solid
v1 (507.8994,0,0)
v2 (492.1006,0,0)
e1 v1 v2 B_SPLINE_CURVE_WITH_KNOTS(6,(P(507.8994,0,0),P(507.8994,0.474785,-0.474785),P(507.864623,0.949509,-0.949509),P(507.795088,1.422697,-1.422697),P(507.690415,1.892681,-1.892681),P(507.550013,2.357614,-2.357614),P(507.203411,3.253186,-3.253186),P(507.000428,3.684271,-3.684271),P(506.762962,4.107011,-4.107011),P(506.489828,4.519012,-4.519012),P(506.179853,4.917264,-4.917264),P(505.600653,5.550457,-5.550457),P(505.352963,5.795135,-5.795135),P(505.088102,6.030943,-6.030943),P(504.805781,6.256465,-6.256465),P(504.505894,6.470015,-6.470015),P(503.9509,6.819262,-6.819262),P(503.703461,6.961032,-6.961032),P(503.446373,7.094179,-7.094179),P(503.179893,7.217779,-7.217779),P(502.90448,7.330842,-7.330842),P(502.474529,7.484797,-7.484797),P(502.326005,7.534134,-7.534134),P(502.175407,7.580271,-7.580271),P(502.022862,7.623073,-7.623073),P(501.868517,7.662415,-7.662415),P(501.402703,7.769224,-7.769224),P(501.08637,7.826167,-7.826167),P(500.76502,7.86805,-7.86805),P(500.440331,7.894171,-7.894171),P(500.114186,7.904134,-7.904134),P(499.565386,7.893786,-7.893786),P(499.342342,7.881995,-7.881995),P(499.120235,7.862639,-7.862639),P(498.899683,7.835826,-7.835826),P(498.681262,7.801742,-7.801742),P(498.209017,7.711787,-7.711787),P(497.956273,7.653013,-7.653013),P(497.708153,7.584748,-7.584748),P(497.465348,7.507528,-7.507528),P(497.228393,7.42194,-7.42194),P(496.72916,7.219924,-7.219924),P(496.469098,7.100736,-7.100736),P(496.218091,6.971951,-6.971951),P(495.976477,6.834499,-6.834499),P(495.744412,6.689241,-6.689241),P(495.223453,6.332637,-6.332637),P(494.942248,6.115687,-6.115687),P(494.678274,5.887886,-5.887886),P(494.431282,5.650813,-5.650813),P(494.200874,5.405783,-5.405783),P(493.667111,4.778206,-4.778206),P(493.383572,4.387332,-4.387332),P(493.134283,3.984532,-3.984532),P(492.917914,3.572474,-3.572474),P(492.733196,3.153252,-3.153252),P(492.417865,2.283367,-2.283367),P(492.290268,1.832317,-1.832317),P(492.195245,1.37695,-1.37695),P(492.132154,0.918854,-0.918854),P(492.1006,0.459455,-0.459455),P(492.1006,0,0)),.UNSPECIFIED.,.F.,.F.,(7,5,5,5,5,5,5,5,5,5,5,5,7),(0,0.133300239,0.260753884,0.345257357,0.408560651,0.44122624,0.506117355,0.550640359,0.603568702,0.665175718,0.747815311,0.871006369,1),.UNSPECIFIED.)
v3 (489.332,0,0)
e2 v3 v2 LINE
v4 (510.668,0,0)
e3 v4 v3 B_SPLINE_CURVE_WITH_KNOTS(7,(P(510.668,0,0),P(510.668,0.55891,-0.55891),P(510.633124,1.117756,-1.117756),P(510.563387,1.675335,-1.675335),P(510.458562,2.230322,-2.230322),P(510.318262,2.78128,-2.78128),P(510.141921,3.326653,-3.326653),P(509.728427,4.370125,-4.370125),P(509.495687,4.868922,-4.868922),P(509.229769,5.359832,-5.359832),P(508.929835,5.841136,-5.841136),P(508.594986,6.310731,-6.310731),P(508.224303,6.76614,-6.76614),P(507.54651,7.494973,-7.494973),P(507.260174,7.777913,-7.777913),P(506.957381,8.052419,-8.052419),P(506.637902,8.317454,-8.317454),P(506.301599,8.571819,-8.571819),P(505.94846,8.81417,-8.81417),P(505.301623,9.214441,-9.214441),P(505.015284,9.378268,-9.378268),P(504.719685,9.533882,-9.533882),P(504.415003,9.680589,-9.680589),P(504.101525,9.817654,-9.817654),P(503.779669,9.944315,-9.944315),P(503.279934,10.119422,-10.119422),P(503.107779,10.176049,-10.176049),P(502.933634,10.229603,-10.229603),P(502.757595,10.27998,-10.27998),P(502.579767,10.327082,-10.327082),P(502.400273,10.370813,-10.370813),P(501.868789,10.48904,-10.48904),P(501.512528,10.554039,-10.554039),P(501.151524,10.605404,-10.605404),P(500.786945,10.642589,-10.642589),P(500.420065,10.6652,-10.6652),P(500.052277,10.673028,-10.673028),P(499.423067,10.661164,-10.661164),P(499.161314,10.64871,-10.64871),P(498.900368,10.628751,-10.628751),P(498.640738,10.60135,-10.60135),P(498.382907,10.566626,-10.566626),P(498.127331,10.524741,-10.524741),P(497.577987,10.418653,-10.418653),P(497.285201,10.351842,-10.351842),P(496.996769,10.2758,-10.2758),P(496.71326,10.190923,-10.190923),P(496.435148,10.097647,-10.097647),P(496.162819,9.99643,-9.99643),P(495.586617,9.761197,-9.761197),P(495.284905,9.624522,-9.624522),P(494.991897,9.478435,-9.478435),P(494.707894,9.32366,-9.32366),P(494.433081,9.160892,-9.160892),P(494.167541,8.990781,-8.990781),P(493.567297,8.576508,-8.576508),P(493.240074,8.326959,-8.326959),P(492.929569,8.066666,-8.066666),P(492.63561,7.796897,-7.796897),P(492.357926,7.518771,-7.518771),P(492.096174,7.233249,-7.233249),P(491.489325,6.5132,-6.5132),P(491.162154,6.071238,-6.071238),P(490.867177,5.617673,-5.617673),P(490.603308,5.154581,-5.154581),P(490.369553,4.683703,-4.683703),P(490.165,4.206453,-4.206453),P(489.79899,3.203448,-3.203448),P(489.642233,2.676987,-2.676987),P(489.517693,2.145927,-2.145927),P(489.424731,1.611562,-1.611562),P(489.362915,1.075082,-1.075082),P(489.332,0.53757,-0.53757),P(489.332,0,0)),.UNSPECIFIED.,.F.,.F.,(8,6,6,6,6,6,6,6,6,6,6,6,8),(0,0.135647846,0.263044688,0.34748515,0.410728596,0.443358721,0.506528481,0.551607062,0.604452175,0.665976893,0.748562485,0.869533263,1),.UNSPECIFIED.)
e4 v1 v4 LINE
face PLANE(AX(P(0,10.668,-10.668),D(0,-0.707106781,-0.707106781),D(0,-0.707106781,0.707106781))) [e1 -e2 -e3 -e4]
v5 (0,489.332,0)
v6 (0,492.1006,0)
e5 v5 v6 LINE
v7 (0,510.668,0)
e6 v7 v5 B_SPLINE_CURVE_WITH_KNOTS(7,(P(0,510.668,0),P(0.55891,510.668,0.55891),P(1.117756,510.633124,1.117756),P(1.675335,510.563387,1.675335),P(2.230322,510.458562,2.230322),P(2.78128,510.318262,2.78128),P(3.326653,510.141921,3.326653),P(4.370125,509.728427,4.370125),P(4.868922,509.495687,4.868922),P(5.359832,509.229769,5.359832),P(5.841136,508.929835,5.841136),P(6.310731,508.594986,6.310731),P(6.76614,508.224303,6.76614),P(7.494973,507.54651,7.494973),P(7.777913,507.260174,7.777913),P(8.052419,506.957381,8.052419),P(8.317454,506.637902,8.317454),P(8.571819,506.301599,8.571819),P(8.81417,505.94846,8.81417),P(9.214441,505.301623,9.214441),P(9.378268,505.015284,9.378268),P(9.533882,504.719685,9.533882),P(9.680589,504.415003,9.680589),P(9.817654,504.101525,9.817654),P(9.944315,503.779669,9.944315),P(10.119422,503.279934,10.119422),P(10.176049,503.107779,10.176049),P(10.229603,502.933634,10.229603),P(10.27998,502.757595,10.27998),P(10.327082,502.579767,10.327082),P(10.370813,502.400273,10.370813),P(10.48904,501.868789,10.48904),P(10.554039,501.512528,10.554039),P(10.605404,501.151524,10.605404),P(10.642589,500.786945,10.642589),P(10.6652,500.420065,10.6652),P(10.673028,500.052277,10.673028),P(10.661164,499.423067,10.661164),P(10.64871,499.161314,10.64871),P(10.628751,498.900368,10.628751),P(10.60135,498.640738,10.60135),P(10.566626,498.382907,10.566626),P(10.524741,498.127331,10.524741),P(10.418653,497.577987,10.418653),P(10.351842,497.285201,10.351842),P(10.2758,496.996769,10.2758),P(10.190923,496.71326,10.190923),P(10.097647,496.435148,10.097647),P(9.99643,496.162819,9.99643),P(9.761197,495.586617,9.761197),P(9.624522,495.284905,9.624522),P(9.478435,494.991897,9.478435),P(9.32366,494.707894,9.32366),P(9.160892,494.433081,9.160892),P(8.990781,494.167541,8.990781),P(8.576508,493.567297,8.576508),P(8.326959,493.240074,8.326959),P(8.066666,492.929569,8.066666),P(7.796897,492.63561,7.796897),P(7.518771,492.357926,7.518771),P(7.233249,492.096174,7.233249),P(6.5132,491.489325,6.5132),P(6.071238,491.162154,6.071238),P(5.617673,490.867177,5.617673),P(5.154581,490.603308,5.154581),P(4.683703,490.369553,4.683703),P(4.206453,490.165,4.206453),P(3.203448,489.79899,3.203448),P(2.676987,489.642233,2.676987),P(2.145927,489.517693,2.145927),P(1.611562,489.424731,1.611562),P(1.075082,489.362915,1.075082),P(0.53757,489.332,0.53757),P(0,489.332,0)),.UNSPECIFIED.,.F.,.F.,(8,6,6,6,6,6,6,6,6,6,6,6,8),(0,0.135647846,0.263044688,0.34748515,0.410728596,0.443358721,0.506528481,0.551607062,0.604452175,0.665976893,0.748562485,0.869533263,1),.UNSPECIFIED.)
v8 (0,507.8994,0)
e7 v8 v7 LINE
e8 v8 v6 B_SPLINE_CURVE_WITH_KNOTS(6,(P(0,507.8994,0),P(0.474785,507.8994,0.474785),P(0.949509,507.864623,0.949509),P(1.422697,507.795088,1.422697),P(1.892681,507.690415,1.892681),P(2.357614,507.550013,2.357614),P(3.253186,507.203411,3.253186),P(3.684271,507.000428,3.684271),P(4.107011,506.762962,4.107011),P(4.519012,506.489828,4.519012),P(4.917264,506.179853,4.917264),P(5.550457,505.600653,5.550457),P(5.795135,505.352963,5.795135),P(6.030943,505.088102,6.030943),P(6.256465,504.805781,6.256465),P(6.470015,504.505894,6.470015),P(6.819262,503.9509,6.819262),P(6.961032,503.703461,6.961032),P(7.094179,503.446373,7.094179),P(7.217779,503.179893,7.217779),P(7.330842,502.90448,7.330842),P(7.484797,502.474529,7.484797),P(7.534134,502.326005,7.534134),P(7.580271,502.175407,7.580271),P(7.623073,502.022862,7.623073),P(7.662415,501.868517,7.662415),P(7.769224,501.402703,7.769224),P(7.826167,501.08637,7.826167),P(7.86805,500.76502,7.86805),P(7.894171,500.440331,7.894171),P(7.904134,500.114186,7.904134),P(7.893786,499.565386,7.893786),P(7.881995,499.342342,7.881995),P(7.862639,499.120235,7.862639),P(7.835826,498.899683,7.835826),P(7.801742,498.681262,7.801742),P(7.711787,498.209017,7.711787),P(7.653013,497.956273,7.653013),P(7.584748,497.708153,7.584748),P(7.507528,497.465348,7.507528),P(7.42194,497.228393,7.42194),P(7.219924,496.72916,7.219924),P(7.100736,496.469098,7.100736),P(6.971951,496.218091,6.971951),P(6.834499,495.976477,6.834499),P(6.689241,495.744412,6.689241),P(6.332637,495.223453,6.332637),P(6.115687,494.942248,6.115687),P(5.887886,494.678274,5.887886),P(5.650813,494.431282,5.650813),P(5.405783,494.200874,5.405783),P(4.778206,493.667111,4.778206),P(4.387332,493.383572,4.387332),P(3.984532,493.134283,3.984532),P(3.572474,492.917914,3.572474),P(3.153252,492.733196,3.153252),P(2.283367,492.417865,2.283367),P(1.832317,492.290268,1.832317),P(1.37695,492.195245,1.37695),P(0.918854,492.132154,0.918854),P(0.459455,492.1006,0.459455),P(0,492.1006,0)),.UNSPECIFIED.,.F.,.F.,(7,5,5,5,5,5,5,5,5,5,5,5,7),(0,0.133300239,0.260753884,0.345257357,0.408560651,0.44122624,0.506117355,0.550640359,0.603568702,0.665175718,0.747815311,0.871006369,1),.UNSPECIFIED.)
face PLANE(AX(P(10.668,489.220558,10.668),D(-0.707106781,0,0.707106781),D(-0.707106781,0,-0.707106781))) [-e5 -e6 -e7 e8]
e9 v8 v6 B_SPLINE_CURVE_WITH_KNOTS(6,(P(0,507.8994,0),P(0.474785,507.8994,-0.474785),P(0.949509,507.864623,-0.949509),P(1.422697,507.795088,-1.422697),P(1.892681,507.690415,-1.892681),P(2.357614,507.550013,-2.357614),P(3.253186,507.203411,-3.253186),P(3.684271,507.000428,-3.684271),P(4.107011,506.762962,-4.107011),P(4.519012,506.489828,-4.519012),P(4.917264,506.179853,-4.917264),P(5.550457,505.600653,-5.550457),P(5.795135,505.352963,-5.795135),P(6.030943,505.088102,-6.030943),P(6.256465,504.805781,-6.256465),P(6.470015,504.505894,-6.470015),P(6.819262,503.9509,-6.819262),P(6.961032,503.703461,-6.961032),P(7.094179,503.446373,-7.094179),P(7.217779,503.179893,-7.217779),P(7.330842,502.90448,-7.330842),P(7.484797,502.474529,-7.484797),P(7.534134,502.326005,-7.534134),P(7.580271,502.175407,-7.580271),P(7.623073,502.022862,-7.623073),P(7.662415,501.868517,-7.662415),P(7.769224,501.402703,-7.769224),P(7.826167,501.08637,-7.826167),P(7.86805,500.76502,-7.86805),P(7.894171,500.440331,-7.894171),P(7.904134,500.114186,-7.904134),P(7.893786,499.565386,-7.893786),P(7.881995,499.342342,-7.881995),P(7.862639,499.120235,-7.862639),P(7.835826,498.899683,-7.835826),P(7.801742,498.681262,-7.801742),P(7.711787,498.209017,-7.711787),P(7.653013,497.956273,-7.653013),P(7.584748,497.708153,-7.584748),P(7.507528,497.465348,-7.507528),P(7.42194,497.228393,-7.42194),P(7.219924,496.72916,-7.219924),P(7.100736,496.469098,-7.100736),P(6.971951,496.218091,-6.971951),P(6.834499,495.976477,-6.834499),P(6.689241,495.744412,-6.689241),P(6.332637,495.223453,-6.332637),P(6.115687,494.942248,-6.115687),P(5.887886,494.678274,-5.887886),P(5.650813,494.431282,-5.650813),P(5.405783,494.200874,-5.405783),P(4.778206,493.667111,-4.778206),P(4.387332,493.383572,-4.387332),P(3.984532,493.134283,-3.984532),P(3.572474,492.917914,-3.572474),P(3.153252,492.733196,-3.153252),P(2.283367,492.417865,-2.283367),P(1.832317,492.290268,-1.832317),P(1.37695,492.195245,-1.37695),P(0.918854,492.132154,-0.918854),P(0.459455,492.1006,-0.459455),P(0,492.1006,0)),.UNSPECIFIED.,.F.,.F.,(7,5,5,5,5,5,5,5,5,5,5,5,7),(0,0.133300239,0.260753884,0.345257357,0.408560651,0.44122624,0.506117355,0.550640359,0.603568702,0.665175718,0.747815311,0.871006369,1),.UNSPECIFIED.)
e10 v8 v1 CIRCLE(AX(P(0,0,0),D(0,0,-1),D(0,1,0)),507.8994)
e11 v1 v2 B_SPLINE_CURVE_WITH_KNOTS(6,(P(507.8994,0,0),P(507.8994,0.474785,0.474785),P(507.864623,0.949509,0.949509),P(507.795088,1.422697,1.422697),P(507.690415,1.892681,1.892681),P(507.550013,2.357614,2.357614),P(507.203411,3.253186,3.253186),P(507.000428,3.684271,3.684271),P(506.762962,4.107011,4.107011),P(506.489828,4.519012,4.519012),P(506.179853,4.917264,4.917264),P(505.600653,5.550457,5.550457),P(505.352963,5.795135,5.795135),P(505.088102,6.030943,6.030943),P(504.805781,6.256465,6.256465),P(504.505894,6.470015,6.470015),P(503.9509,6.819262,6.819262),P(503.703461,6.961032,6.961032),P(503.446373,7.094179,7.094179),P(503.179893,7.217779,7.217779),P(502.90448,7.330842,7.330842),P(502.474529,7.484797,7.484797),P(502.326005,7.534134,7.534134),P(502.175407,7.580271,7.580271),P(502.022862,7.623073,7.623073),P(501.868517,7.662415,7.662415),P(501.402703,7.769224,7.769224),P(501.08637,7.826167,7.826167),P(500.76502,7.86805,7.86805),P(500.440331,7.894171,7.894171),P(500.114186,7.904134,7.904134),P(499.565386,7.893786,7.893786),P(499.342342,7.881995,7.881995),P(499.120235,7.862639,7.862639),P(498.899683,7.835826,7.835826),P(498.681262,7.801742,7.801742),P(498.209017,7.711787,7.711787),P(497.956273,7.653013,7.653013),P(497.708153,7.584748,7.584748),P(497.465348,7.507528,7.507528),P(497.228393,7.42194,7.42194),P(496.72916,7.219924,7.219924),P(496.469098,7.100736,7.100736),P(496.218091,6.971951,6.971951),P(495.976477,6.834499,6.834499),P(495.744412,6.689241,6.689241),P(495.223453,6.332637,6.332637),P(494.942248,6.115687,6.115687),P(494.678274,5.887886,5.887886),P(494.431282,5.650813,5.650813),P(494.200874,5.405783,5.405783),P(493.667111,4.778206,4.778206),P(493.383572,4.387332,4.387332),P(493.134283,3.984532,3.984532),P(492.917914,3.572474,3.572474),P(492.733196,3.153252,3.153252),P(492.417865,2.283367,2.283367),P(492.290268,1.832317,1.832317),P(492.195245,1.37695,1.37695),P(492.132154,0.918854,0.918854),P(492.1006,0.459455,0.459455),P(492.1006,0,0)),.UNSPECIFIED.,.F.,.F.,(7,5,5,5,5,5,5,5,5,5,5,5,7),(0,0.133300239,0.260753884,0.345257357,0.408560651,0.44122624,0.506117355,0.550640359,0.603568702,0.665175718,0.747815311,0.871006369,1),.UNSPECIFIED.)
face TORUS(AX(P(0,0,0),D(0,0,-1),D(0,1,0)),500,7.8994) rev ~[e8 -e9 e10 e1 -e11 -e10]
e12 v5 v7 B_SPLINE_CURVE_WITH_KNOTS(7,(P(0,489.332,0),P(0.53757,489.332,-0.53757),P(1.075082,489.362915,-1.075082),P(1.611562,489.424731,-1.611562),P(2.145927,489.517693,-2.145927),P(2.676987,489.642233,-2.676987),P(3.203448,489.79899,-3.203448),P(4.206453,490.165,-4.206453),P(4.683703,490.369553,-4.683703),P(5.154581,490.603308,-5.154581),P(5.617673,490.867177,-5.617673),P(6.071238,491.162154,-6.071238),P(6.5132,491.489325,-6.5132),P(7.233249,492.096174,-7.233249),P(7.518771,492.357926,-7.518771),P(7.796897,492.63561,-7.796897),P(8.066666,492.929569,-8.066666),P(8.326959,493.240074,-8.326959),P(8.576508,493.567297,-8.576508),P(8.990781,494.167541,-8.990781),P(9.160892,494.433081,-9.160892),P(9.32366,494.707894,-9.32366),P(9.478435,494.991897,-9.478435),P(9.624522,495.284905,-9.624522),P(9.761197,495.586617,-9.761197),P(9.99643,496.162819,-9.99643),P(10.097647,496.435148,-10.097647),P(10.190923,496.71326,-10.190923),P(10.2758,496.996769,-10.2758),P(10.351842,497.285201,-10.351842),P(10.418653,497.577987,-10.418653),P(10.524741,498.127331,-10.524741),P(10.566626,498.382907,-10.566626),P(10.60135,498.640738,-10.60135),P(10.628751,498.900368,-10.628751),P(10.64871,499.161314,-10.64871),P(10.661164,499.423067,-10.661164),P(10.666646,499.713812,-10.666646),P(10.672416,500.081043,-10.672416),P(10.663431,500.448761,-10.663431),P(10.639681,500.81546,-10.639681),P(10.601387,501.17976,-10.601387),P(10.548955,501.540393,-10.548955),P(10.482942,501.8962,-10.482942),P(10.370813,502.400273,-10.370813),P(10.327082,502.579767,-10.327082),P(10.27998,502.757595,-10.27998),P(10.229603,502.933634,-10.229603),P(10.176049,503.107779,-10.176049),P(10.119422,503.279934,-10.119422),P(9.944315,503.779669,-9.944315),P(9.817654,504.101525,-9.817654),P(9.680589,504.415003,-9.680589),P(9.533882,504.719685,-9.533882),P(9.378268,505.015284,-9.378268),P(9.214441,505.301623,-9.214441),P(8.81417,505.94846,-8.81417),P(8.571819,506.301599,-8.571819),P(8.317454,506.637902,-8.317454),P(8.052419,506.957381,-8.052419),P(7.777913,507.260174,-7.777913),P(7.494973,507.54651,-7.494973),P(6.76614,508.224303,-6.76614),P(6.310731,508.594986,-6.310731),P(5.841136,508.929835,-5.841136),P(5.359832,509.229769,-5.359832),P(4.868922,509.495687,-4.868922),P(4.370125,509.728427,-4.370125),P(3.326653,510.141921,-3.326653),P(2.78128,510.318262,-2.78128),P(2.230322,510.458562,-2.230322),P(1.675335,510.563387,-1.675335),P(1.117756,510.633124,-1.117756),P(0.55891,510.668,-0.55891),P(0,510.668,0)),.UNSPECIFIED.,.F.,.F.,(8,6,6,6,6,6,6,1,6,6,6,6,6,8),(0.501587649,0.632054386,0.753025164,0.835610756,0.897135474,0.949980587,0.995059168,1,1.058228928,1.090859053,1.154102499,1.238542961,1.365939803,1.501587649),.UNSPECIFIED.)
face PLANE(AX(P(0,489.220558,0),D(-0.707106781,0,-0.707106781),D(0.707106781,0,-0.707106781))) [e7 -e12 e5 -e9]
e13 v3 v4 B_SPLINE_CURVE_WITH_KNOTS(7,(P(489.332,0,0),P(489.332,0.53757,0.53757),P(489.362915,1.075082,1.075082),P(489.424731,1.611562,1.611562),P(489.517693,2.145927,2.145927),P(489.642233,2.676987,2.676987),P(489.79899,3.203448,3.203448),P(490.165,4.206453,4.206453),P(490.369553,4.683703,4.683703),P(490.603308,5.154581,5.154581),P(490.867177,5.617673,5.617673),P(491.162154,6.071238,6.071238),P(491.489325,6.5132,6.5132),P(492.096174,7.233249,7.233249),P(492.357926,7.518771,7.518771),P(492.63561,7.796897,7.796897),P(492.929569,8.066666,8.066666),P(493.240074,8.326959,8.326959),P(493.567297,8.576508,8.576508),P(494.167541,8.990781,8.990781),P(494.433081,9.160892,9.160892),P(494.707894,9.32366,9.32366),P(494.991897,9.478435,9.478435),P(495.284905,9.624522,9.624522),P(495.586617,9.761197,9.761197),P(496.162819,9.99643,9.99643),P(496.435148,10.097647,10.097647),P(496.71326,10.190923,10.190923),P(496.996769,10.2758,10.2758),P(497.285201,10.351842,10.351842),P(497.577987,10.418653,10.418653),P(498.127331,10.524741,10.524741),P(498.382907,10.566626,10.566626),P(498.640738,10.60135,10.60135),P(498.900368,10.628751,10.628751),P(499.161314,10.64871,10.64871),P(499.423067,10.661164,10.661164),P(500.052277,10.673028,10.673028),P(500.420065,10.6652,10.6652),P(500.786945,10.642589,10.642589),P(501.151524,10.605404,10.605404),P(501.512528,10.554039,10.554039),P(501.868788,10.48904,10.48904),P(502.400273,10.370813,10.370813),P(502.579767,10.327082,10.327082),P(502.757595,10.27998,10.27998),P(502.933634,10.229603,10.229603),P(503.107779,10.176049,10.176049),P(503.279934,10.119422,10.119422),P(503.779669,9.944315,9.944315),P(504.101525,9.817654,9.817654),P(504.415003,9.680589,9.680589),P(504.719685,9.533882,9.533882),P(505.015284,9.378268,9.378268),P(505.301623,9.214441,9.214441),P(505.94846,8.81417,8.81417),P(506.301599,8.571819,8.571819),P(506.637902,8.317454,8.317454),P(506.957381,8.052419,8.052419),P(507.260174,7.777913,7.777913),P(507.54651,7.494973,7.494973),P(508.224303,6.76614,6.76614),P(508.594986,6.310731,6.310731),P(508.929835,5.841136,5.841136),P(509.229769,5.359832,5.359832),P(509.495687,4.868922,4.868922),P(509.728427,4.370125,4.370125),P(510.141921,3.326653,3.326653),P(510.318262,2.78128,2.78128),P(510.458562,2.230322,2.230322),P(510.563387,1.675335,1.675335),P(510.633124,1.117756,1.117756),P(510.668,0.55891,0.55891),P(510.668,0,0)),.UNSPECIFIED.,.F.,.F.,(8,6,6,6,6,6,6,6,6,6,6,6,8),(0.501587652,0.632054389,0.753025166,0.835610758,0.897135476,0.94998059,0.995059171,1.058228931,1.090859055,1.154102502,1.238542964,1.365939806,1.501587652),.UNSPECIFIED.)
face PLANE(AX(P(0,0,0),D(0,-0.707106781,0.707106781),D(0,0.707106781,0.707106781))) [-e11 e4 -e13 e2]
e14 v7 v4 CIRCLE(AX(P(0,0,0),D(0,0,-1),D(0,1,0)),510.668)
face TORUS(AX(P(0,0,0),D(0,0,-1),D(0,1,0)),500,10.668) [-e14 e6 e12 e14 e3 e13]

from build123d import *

# Parameters (mm, degrees)
SKETCH2_R          = 10.668
SKETCH2_R_2        = 7.8994
CUT_EXTRUDE2_DEPTH = 723.272399361
CUT_EXTRUDE4_START = 489.220558
CUT_EXTRUDE4_DEPTH = 21.447442


with BuildPart() as part:
    # Sweep1: sweep along a path in Sketch1
    with BuildLine(Plane.XY) as sweep1_path:
        ThreePointArc((0, 500), (353.553390593, 353.553390593), (500, 0))
    # Sketch2 → Sweep1 (sweep)
    with BuildSketch(Plane(origin=(0, 0, 0), x_dir=(1, 0, 0), z_dir=(0, 1, 0))):
        with Locations((500, 0)):
            Circle(SKETCH2_R)
        with Locations((500, 0)):
            Circle(SKETCH2_R_2, mode=Mode.SUBTRACT)
    sweep(path=sweep1_path.line)

    # Sketch4 → Cut-Extrude2 (cut, through all)
    with BuildSketch(Plane(origin=(0, 0, 0), x_dir=(0, 0, -1), z_dir=(1, 0, 0))):
        Polygon((0, 0), (-10.668, 10.668), (-10.668, -2.04612568), (10.668, -2.04612568), (10.668, 10.668), align=None)
    extrude(amount=CUT_EXTRUDE2_DEPTH, mode=Mode.SUBTRACT)

    # Sketch3 → Cut-Extrude4 (cut)
    with BuildSketch(Plane(origin=(0, 0, 0), x_dir=(1, 0, 0), z_dir=(0, 1, 0)).offset(CUT_EXTRUDE4_START)):
        Polygon((0, 0), (10.668, 10.668), (-11.575334071, 10.668), (-11.575334071, -10.668), (10.668, -10.668), align=None)
    extrude(amount=CUT_EXTRUDE4_DEPTH, mode=Mode.SUBTRACT)


solid = part.part
